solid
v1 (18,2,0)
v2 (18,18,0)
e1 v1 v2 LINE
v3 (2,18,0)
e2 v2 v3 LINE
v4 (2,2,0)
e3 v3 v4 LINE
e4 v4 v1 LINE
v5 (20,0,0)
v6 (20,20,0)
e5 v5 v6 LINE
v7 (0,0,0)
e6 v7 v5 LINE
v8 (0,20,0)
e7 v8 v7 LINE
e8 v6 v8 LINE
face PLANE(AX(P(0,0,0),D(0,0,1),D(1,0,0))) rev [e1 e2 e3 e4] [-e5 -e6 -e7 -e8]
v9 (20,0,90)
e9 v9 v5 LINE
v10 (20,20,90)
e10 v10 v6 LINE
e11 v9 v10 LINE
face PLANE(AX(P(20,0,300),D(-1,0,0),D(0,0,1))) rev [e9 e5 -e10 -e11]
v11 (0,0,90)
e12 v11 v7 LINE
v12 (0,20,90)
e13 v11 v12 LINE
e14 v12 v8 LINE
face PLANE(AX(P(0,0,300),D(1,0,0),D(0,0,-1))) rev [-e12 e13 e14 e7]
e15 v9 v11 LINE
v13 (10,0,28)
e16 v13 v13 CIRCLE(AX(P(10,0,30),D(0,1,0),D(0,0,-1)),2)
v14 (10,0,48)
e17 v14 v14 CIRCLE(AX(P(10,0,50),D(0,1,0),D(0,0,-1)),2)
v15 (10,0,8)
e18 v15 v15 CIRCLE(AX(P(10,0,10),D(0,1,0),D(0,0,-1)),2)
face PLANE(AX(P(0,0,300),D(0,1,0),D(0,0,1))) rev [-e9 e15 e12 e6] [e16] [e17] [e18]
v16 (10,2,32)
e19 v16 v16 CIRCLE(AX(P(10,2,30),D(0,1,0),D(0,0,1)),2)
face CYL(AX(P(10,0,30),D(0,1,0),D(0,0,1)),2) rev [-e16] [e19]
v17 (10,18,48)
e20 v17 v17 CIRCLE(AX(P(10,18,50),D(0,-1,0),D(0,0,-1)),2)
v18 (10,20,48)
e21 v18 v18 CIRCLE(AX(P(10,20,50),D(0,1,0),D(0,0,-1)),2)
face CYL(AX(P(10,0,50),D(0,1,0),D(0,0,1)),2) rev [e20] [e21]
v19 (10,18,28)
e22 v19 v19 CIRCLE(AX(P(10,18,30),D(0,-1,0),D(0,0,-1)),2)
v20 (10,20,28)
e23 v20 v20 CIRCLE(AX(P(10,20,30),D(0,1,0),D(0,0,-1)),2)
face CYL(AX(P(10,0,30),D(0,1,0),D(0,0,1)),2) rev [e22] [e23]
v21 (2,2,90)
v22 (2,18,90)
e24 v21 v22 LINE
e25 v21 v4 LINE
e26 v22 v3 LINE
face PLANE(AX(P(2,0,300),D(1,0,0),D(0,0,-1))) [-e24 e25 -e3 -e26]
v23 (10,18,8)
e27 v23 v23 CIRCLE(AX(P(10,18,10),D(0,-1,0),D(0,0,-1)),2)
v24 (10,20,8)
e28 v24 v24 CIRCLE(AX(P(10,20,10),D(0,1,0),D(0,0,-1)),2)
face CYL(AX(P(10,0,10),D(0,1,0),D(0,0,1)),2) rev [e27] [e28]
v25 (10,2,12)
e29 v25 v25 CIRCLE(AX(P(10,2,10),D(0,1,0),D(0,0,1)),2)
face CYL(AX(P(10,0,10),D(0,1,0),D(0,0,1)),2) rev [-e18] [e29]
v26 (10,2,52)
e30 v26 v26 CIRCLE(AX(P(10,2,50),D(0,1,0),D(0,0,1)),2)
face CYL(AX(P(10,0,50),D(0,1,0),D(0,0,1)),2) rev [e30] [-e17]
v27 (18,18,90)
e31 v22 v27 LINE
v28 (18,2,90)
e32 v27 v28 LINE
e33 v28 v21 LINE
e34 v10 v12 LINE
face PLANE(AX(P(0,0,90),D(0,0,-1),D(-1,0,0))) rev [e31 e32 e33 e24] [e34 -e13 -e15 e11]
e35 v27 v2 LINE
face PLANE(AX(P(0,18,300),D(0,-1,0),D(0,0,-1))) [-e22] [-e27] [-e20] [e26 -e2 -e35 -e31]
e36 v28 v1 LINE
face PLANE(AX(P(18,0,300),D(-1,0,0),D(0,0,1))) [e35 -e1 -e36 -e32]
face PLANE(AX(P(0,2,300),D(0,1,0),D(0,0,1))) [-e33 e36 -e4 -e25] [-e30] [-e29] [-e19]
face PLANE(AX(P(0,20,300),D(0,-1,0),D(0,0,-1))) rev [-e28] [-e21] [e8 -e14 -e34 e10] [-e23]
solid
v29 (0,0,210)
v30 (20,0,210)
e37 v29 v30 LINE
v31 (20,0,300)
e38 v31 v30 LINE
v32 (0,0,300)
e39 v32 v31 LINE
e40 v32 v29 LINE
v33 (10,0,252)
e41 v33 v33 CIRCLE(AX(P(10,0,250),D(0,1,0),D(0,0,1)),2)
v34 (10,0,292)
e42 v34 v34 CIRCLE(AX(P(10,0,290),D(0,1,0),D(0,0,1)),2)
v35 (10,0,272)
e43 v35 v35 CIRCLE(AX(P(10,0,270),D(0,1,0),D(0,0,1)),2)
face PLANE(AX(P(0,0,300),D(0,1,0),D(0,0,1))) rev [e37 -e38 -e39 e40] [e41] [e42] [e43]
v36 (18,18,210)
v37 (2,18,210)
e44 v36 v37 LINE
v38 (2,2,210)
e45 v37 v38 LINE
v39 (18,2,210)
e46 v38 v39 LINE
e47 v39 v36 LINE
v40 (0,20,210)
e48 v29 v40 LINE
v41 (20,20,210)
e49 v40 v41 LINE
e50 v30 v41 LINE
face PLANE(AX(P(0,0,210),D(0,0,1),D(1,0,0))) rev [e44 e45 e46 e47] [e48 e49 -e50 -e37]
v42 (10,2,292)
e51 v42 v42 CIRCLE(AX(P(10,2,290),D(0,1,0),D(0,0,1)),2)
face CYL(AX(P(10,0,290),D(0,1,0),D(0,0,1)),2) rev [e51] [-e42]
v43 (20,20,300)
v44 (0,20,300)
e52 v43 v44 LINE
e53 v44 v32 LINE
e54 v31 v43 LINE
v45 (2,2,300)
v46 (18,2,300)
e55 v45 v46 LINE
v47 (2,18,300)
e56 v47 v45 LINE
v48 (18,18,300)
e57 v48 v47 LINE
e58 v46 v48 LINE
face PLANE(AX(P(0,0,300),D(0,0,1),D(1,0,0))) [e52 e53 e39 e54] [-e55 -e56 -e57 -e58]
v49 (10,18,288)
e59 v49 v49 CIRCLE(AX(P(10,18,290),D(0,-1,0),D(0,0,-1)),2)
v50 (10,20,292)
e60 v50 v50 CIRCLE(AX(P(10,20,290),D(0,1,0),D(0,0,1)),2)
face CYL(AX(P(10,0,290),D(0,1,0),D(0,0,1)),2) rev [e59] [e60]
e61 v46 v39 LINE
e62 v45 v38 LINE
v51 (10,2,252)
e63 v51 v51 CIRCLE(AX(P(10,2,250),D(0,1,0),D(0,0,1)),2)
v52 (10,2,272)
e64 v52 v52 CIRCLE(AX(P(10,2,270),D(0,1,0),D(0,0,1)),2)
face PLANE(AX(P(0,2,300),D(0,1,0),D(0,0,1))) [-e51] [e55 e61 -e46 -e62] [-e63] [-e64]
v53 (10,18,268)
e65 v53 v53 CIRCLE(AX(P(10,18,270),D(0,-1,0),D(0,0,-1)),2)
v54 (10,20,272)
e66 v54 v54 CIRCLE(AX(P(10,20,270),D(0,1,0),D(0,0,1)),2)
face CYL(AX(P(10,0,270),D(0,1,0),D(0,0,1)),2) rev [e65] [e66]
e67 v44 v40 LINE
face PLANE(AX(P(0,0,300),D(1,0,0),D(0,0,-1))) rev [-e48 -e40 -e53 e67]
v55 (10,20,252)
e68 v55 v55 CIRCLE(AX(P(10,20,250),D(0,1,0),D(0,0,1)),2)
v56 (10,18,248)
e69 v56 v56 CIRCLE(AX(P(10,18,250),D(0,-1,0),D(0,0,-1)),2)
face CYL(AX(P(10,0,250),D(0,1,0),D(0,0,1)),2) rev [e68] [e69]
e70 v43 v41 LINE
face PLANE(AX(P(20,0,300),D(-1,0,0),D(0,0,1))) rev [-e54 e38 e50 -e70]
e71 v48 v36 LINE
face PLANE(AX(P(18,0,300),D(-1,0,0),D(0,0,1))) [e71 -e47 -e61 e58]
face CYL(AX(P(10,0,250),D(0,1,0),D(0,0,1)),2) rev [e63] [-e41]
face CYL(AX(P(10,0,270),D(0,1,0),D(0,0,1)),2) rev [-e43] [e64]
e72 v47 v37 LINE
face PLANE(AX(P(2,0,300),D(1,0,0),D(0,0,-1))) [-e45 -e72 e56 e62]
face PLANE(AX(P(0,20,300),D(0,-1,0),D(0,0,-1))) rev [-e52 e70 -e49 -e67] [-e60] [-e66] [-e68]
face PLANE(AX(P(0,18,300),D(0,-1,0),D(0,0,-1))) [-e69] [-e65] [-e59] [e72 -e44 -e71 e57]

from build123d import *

# Parameters (mm, degrees)
SKETCH_1_W          = 20
SKETCH_1_H          = 20
SKETCH_1_W_2        = 16
SKETCH_1_H_2        = 16
EXTRUDE_1_DEPTH     = 300
SKETCH_2_R          = 2
CUT_EXTRUDE_1_DEPTH = 302.330383466
SKETCH_3_W          = 20
SKETCH_3_H          = 120
CUT_EXTRUDE_2_DEPTH = 302.330383466


with BuildPart() as part:
    # 草图1 → 拉伸-薄壁1 (new body)
    with BuildSketch(Plane.XY):
        with Locations((10, 10)):
            Rectangle(SKETCH_1_W, SKETCH_1_H)
        with Locations((10, 10)):
            Rectangle(SKETCH_1_W_2, SKETCH_1_H_2, mode=Mode.SUBTRACT)
    extrude(amount=EXTRUDE_1_DEPTH)

    # 草图2 → 切除-拉伸1 (cut, through all)
    with BuildSketch(Plane(origin=(0, 20, 0), x_dir=(1, 0, 0), z_dir=(0, 1, 0))):
        with Locations(Location((10, -290, 0), (0, 0, 270))):
            Circle(SKETCH_2_R)
        with Locations(Location((10, -270, 0), (0, 0, 270))):
            Circle(SKETCH_2_R)
        with Locations(Location((10, -250, 0), (0, 0, 270))):
            Circle(SKETCH_2_R)
        with Locations(Location((10, -10, 0), (0, 0, 90))):
            Circle(SKETCH_2_R)
        with Locations(Location((10, -30, 0), (0, 0, 90))):
            Circle(SKETCH_2_R)
        with Locations(Location((10, -50, 0), (0, 0, 90))):
            Circle(SKETCH_2_R)
    extrude(amount=-CUT_EXTRUDE_1_DEPTH, mode=Mode.SUBTRACT)

    # 草图3 → 切除-拉伸2 (cut, through all)
    with BuildSketch(Plane(origin=(0, 20, 0), x_dir=(1, 0, 0), z_dir=(0, 1, 0))):
        with Locations((10, -150)):
            Rectangle(SKETCH_3_W, SKETCH_3_H)
    extrude(amount=-CUT_EXTRUDE_2_DEPTH, mode=Mode.SUBTRACT)


with BuildPart() as cut_extrude_2_piece_1:
    # of the separate pieces the step leaves, piece 1, a body of its own (cut_extrude_2_pieces)
    add(part.part.solids().sort_by_distance((20, 20, 0))[0])


with BuildPart() as cut_extrude_2_piece_2:
    # of the separate pieces the step leaves, piece 2, a body of its own (cut_extrude_2_pieces)
    add(part.part.solids().sort_by_distance((20, 20, 210))[0])


solid = Compound([cut_extrude_2_piece_1.part, cut_extrude_2_piece_2.part])
